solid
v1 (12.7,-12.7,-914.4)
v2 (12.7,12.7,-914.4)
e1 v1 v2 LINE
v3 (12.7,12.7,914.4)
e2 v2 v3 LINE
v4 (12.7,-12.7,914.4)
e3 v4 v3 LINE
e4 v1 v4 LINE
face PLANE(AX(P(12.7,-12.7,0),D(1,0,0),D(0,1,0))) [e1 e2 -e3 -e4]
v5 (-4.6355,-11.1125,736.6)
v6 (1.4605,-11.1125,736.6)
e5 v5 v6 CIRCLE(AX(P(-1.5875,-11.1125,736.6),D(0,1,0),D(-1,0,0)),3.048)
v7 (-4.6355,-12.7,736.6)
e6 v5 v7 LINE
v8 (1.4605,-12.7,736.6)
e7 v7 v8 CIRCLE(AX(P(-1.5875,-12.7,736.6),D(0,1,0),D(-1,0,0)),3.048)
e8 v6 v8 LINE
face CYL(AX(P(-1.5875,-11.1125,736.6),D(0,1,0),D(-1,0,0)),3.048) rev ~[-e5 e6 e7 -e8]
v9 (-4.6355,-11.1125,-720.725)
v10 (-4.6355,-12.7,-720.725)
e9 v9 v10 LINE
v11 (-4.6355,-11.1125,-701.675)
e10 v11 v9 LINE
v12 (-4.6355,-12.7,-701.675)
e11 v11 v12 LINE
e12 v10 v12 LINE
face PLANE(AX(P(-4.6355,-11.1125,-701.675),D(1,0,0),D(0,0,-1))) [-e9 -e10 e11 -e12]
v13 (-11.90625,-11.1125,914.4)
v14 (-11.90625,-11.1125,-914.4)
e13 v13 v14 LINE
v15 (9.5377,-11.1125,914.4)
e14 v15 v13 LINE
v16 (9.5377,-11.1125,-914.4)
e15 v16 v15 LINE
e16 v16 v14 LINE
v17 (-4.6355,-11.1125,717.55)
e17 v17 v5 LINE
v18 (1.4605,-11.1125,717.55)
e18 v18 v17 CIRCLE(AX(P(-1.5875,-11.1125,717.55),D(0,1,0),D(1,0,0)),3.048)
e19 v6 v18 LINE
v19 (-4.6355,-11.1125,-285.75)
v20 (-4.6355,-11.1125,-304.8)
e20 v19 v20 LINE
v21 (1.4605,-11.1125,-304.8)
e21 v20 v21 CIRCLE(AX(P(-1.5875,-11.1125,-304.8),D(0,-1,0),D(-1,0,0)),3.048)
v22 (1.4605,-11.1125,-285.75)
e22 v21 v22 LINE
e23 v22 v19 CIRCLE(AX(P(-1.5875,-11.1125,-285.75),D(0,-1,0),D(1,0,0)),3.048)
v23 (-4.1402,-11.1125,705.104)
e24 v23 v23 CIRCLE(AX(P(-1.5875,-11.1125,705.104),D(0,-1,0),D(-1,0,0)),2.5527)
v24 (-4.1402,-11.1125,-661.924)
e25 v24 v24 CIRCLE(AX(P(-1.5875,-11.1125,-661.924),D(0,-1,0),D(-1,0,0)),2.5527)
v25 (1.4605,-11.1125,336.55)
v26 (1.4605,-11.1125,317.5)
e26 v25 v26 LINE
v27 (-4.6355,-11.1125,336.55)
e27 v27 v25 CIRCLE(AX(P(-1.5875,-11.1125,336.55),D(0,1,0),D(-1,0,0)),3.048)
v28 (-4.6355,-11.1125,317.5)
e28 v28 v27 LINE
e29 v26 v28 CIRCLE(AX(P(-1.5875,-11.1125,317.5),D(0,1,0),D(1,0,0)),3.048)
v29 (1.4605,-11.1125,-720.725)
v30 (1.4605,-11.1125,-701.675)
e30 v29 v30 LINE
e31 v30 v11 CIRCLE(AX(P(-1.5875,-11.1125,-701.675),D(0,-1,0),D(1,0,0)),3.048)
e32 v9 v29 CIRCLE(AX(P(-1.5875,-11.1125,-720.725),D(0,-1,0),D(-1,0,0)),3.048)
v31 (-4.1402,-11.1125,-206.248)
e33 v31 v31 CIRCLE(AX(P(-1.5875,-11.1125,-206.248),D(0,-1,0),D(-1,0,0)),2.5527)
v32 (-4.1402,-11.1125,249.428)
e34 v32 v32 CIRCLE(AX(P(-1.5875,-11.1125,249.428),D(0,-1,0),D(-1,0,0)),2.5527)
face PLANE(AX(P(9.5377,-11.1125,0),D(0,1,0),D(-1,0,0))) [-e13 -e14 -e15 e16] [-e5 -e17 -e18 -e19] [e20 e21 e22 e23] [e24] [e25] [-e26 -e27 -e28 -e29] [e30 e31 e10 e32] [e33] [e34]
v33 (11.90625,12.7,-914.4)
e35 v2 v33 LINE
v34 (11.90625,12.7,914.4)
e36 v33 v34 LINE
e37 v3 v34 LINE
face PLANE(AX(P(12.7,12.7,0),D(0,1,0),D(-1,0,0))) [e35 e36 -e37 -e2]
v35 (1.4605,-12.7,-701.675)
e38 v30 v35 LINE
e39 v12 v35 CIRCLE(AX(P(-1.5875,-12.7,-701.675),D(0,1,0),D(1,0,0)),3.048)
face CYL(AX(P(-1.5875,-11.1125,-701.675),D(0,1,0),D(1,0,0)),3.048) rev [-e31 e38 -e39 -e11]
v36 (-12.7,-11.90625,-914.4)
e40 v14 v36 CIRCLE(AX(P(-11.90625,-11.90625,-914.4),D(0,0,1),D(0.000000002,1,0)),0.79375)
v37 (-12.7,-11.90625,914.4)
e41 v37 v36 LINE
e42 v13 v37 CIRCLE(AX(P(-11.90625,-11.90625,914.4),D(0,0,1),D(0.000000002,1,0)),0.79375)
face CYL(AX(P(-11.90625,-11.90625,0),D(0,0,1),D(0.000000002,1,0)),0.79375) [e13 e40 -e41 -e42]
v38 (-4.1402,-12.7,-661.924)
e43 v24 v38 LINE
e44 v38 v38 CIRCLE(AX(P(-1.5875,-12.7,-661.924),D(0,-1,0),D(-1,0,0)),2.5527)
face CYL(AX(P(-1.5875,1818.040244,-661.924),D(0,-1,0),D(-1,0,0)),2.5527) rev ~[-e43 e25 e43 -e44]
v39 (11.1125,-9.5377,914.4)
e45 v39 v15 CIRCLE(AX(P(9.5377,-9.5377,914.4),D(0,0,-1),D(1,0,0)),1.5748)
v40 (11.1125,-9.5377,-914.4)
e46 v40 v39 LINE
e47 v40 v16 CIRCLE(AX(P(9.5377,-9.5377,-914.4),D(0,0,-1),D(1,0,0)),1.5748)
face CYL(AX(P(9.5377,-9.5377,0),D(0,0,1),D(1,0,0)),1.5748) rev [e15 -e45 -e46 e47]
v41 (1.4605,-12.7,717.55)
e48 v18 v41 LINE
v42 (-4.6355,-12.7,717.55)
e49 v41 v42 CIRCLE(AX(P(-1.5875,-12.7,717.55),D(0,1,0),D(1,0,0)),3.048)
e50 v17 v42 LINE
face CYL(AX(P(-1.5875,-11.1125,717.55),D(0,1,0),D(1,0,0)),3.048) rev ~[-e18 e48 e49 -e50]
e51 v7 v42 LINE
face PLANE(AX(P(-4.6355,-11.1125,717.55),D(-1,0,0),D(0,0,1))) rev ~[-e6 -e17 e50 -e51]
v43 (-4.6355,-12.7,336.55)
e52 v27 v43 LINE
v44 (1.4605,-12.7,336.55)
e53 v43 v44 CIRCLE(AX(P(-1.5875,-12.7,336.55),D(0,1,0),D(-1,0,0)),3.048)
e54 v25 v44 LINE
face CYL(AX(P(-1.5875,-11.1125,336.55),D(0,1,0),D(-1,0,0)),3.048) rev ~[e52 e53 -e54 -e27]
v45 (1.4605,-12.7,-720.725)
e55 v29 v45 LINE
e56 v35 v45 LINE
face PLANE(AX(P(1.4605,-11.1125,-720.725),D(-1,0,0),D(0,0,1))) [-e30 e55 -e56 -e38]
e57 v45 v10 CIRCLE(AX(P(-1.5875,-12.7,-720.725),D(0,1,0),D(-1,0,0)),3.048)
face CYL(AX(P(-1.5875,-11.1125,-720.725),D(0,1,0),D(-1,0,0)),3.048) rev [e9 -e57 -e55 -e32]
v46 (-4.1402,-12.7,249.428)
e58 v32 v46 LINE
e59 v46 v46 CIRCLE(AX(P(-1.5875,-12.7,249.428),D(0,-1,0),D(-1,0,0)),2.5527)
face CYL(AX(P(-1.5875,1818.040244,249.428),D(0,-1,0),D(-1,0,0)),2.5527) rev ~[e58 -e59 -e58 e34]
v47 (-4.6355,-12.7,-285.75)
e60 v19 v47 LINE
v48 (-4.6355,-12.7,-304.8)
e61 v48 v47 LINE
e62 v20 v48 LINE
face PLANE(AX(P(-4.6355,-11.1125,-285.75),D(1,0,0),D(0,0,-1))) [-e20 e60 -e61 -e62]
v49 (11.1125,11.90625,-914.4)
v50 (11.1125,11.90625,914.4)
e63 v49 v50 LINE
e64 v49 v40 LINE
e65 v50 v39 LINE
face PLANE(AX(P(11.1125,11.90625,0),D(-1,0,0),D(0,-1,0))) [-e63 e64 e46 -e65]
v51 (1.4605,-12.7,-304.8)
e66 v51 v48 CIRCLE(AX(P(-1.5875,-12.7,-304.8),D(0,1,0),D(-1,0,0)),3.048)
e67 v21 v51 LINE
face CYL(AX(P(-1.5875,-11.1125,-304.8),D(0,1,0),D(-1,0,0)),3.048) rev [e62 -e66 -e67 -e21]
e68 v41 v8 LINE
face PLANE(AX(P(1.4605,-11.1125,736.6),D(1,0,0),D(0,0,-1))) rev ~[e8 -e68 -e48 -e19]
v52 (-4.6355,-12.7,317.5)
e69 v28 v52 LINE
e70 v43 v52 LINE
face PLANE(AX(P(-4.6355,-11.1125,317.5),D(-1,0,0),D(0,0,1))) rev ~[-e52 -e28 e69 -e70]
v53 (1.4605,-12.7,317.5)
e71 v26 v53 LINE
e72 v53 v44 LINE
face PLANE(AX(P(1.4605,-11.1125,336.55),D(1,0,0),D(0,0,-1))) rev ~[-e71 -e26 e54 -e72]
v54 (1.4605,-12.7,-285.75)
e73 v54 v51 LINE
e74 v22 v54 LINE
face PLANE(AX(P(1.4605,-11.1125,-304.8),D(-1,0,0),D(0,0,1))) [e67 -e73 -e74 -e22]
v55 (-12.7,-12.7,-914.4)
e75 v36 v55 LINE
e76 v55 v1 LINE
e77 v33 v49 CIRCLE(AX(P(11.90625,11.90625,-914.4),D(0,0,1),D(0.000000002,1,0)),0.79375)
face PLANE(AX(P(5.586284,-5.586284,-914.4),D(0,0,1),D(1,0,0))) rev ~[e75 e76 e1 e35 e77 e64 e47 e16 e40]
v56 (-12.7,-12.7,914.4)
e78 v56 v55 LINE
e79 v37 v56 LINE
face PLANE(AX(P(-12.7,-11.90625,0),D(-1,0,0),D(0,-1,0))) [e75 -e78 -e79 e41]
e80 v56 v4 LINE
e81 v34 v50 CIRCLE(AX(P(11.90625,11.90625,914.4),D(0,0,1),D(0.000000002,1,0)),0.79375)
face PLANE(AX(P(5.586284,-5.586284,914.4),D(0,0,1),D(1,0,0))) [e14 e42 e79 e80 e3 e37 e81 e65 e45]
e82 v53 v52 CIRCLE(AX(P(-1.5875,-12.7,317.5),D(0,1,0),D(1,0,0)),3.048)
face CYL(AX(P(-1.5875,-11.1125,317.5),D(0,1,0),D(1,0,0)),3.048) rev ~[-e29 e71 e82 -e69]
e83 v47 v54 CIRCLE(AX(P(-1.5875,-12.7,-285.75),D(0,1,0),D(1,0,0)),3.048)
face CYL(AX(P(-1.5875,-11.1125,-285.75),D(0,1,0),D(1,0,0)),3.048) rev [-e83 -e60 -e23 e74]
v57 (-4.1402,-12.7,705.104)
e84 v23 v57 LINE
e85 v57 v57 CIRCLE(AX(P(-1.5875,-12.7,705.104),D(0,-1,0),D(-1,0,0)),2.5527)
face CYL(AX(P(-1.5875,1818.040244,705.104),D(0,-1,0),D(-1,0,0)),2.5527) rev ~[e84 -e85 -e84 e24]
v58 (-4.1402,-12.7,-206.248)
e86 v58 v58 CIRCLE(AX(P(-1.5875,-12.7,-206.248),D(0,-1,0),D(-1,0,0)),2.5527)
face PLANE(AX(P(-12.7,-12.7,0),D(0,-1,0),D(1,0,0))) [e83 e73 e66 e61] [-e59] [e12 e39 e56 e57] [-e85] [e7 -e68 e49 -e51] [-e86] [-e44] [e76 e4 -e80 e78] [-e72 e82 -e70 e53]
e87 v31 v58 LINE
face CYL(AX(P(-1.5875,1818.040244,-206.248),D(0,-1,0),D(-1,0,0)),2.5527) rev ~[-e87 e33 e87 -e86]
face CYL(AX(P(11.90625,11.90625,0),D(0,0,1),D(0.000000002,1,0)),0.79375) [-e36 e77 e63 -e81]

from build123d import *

# Parameters (mm, degrees)
BOSS_EXTRUDE1_DEPTH     = 914.4
F_1_4_20_TAPPED_HOLE1_D = 5.1054
CUT_EXTRUDE1_DEPTH      = 915.798166349


with BuildPart() as part:
    # Sketch2 → Boss-Extrude1 (new, symmetric)
    with BuildSketch(Plane.XY):
        with BuildLine():
            Line((-12.7, -12.7), (12.7, -12.7))
            Line((12.7, -12.7), (12.7, 12.7))
            Line((12.7, 12.7), (11.90625, 12.7))
            ThreePointArc((11.90625, 12.7), (11.344983992, 12.467516008), (11.1125, 11.90625))
            Line((11.1125, 11.90625), (11.1125, -9.5377))
            ThreePointArc((11.1125, -9.5377), (10.651251759, -10.651251759), (9.5377, -11.1125))
            Line((9.5377, -11.1125), (-11.90625, -11.1125))
            ThreePointArc((-11.90625, -11.1125), (-12.467516008, -11.344983992), (-12.7, -11.90625))
            Line((-12.7, -11.90625), (-12.7, -12.7))
        make_face()
    extrude(amount=BOSS_EXTRUDE1_DEPTH, both=True)

    # 1/4-20 Tapped Hole1 (through all)
    with Locations(Plane(origin=(0, -11.1125, 0), x_dir=(1, 0, 0), z_dir=(0, 1, 0))):
        with Locations((-1.5875, -705.104), (-1.5875, -249.428), (-1.5875, 661.924), (-1.5875, 206.248)):
            Hole(F_1_4_20_TAPPED_HOLE1_D / 2)

    # Sketch5 → Cut-Extrude1 (cut, through all)
    with BuildSketch(Plane(origin=(0, -11.1125, 0), x_dir=(1, 0, 0), z_dir=(0, 1, 0))):
        with BuildLine():
            Line((-4.6355, 701.675), (-4.6355, 720.725))
            ThreePointArc((-4.6355, 720.725), (-1.5875, 723.773), (1.4605, 720.725))
            Line((1.4605, 720.725), (1.4605, 701.675))
            ThreePointArc((1.4605, 701.675), (-1.5875, 698.627), (-4.6355, 701.675))
        make_face()
        with BuildLine():
            Line((1.4605, 304.8), (1.4605, 285.75))
            ThreePointArc((1.4605, 285.75), (-1.5875, 282.702), (-4.6355, 285.75))
            Line((-4.6355, 285.75), (-4.6355, 304.8))
            ThreePointArc((-4.6355, 304.8), (-1.5875, 307.848), (1.4605, 304.8))
        make_face()
        with BuildLine():
            Line((1.4605, -336.55), (1.4605, -317.5))
            ThreePointArc((1.4605, -317.5), (-1.5875, -314.452), (-4.6355, -317.5))
            Line((-4.6355, -317.5), (-4.6355, -336.55))
            ThreePointArc((-4.6355, -336.55), (-1.5875, -339.598), (1.4605, -336.55))
        make_face()
        with BuildLine():
            Line((-4.6355, -717.55), (-4.6355, -736.6))
            ThreePointArc((-4.6355, -736.6), (-1.5875, -739.648), (1.4605, -736.6))
            Line((1.4605, -736.6), (1.4605, -717.55))
            ThreePointArc((1.4605, -717.55), (-1.5875, -714.502), (-4.6355, -717.55))
        make_face()
    extrude(amount=-CUT_EXTRUDE1_DEPTH, mode=Mode.SUBTRACT)


solid = part.part
